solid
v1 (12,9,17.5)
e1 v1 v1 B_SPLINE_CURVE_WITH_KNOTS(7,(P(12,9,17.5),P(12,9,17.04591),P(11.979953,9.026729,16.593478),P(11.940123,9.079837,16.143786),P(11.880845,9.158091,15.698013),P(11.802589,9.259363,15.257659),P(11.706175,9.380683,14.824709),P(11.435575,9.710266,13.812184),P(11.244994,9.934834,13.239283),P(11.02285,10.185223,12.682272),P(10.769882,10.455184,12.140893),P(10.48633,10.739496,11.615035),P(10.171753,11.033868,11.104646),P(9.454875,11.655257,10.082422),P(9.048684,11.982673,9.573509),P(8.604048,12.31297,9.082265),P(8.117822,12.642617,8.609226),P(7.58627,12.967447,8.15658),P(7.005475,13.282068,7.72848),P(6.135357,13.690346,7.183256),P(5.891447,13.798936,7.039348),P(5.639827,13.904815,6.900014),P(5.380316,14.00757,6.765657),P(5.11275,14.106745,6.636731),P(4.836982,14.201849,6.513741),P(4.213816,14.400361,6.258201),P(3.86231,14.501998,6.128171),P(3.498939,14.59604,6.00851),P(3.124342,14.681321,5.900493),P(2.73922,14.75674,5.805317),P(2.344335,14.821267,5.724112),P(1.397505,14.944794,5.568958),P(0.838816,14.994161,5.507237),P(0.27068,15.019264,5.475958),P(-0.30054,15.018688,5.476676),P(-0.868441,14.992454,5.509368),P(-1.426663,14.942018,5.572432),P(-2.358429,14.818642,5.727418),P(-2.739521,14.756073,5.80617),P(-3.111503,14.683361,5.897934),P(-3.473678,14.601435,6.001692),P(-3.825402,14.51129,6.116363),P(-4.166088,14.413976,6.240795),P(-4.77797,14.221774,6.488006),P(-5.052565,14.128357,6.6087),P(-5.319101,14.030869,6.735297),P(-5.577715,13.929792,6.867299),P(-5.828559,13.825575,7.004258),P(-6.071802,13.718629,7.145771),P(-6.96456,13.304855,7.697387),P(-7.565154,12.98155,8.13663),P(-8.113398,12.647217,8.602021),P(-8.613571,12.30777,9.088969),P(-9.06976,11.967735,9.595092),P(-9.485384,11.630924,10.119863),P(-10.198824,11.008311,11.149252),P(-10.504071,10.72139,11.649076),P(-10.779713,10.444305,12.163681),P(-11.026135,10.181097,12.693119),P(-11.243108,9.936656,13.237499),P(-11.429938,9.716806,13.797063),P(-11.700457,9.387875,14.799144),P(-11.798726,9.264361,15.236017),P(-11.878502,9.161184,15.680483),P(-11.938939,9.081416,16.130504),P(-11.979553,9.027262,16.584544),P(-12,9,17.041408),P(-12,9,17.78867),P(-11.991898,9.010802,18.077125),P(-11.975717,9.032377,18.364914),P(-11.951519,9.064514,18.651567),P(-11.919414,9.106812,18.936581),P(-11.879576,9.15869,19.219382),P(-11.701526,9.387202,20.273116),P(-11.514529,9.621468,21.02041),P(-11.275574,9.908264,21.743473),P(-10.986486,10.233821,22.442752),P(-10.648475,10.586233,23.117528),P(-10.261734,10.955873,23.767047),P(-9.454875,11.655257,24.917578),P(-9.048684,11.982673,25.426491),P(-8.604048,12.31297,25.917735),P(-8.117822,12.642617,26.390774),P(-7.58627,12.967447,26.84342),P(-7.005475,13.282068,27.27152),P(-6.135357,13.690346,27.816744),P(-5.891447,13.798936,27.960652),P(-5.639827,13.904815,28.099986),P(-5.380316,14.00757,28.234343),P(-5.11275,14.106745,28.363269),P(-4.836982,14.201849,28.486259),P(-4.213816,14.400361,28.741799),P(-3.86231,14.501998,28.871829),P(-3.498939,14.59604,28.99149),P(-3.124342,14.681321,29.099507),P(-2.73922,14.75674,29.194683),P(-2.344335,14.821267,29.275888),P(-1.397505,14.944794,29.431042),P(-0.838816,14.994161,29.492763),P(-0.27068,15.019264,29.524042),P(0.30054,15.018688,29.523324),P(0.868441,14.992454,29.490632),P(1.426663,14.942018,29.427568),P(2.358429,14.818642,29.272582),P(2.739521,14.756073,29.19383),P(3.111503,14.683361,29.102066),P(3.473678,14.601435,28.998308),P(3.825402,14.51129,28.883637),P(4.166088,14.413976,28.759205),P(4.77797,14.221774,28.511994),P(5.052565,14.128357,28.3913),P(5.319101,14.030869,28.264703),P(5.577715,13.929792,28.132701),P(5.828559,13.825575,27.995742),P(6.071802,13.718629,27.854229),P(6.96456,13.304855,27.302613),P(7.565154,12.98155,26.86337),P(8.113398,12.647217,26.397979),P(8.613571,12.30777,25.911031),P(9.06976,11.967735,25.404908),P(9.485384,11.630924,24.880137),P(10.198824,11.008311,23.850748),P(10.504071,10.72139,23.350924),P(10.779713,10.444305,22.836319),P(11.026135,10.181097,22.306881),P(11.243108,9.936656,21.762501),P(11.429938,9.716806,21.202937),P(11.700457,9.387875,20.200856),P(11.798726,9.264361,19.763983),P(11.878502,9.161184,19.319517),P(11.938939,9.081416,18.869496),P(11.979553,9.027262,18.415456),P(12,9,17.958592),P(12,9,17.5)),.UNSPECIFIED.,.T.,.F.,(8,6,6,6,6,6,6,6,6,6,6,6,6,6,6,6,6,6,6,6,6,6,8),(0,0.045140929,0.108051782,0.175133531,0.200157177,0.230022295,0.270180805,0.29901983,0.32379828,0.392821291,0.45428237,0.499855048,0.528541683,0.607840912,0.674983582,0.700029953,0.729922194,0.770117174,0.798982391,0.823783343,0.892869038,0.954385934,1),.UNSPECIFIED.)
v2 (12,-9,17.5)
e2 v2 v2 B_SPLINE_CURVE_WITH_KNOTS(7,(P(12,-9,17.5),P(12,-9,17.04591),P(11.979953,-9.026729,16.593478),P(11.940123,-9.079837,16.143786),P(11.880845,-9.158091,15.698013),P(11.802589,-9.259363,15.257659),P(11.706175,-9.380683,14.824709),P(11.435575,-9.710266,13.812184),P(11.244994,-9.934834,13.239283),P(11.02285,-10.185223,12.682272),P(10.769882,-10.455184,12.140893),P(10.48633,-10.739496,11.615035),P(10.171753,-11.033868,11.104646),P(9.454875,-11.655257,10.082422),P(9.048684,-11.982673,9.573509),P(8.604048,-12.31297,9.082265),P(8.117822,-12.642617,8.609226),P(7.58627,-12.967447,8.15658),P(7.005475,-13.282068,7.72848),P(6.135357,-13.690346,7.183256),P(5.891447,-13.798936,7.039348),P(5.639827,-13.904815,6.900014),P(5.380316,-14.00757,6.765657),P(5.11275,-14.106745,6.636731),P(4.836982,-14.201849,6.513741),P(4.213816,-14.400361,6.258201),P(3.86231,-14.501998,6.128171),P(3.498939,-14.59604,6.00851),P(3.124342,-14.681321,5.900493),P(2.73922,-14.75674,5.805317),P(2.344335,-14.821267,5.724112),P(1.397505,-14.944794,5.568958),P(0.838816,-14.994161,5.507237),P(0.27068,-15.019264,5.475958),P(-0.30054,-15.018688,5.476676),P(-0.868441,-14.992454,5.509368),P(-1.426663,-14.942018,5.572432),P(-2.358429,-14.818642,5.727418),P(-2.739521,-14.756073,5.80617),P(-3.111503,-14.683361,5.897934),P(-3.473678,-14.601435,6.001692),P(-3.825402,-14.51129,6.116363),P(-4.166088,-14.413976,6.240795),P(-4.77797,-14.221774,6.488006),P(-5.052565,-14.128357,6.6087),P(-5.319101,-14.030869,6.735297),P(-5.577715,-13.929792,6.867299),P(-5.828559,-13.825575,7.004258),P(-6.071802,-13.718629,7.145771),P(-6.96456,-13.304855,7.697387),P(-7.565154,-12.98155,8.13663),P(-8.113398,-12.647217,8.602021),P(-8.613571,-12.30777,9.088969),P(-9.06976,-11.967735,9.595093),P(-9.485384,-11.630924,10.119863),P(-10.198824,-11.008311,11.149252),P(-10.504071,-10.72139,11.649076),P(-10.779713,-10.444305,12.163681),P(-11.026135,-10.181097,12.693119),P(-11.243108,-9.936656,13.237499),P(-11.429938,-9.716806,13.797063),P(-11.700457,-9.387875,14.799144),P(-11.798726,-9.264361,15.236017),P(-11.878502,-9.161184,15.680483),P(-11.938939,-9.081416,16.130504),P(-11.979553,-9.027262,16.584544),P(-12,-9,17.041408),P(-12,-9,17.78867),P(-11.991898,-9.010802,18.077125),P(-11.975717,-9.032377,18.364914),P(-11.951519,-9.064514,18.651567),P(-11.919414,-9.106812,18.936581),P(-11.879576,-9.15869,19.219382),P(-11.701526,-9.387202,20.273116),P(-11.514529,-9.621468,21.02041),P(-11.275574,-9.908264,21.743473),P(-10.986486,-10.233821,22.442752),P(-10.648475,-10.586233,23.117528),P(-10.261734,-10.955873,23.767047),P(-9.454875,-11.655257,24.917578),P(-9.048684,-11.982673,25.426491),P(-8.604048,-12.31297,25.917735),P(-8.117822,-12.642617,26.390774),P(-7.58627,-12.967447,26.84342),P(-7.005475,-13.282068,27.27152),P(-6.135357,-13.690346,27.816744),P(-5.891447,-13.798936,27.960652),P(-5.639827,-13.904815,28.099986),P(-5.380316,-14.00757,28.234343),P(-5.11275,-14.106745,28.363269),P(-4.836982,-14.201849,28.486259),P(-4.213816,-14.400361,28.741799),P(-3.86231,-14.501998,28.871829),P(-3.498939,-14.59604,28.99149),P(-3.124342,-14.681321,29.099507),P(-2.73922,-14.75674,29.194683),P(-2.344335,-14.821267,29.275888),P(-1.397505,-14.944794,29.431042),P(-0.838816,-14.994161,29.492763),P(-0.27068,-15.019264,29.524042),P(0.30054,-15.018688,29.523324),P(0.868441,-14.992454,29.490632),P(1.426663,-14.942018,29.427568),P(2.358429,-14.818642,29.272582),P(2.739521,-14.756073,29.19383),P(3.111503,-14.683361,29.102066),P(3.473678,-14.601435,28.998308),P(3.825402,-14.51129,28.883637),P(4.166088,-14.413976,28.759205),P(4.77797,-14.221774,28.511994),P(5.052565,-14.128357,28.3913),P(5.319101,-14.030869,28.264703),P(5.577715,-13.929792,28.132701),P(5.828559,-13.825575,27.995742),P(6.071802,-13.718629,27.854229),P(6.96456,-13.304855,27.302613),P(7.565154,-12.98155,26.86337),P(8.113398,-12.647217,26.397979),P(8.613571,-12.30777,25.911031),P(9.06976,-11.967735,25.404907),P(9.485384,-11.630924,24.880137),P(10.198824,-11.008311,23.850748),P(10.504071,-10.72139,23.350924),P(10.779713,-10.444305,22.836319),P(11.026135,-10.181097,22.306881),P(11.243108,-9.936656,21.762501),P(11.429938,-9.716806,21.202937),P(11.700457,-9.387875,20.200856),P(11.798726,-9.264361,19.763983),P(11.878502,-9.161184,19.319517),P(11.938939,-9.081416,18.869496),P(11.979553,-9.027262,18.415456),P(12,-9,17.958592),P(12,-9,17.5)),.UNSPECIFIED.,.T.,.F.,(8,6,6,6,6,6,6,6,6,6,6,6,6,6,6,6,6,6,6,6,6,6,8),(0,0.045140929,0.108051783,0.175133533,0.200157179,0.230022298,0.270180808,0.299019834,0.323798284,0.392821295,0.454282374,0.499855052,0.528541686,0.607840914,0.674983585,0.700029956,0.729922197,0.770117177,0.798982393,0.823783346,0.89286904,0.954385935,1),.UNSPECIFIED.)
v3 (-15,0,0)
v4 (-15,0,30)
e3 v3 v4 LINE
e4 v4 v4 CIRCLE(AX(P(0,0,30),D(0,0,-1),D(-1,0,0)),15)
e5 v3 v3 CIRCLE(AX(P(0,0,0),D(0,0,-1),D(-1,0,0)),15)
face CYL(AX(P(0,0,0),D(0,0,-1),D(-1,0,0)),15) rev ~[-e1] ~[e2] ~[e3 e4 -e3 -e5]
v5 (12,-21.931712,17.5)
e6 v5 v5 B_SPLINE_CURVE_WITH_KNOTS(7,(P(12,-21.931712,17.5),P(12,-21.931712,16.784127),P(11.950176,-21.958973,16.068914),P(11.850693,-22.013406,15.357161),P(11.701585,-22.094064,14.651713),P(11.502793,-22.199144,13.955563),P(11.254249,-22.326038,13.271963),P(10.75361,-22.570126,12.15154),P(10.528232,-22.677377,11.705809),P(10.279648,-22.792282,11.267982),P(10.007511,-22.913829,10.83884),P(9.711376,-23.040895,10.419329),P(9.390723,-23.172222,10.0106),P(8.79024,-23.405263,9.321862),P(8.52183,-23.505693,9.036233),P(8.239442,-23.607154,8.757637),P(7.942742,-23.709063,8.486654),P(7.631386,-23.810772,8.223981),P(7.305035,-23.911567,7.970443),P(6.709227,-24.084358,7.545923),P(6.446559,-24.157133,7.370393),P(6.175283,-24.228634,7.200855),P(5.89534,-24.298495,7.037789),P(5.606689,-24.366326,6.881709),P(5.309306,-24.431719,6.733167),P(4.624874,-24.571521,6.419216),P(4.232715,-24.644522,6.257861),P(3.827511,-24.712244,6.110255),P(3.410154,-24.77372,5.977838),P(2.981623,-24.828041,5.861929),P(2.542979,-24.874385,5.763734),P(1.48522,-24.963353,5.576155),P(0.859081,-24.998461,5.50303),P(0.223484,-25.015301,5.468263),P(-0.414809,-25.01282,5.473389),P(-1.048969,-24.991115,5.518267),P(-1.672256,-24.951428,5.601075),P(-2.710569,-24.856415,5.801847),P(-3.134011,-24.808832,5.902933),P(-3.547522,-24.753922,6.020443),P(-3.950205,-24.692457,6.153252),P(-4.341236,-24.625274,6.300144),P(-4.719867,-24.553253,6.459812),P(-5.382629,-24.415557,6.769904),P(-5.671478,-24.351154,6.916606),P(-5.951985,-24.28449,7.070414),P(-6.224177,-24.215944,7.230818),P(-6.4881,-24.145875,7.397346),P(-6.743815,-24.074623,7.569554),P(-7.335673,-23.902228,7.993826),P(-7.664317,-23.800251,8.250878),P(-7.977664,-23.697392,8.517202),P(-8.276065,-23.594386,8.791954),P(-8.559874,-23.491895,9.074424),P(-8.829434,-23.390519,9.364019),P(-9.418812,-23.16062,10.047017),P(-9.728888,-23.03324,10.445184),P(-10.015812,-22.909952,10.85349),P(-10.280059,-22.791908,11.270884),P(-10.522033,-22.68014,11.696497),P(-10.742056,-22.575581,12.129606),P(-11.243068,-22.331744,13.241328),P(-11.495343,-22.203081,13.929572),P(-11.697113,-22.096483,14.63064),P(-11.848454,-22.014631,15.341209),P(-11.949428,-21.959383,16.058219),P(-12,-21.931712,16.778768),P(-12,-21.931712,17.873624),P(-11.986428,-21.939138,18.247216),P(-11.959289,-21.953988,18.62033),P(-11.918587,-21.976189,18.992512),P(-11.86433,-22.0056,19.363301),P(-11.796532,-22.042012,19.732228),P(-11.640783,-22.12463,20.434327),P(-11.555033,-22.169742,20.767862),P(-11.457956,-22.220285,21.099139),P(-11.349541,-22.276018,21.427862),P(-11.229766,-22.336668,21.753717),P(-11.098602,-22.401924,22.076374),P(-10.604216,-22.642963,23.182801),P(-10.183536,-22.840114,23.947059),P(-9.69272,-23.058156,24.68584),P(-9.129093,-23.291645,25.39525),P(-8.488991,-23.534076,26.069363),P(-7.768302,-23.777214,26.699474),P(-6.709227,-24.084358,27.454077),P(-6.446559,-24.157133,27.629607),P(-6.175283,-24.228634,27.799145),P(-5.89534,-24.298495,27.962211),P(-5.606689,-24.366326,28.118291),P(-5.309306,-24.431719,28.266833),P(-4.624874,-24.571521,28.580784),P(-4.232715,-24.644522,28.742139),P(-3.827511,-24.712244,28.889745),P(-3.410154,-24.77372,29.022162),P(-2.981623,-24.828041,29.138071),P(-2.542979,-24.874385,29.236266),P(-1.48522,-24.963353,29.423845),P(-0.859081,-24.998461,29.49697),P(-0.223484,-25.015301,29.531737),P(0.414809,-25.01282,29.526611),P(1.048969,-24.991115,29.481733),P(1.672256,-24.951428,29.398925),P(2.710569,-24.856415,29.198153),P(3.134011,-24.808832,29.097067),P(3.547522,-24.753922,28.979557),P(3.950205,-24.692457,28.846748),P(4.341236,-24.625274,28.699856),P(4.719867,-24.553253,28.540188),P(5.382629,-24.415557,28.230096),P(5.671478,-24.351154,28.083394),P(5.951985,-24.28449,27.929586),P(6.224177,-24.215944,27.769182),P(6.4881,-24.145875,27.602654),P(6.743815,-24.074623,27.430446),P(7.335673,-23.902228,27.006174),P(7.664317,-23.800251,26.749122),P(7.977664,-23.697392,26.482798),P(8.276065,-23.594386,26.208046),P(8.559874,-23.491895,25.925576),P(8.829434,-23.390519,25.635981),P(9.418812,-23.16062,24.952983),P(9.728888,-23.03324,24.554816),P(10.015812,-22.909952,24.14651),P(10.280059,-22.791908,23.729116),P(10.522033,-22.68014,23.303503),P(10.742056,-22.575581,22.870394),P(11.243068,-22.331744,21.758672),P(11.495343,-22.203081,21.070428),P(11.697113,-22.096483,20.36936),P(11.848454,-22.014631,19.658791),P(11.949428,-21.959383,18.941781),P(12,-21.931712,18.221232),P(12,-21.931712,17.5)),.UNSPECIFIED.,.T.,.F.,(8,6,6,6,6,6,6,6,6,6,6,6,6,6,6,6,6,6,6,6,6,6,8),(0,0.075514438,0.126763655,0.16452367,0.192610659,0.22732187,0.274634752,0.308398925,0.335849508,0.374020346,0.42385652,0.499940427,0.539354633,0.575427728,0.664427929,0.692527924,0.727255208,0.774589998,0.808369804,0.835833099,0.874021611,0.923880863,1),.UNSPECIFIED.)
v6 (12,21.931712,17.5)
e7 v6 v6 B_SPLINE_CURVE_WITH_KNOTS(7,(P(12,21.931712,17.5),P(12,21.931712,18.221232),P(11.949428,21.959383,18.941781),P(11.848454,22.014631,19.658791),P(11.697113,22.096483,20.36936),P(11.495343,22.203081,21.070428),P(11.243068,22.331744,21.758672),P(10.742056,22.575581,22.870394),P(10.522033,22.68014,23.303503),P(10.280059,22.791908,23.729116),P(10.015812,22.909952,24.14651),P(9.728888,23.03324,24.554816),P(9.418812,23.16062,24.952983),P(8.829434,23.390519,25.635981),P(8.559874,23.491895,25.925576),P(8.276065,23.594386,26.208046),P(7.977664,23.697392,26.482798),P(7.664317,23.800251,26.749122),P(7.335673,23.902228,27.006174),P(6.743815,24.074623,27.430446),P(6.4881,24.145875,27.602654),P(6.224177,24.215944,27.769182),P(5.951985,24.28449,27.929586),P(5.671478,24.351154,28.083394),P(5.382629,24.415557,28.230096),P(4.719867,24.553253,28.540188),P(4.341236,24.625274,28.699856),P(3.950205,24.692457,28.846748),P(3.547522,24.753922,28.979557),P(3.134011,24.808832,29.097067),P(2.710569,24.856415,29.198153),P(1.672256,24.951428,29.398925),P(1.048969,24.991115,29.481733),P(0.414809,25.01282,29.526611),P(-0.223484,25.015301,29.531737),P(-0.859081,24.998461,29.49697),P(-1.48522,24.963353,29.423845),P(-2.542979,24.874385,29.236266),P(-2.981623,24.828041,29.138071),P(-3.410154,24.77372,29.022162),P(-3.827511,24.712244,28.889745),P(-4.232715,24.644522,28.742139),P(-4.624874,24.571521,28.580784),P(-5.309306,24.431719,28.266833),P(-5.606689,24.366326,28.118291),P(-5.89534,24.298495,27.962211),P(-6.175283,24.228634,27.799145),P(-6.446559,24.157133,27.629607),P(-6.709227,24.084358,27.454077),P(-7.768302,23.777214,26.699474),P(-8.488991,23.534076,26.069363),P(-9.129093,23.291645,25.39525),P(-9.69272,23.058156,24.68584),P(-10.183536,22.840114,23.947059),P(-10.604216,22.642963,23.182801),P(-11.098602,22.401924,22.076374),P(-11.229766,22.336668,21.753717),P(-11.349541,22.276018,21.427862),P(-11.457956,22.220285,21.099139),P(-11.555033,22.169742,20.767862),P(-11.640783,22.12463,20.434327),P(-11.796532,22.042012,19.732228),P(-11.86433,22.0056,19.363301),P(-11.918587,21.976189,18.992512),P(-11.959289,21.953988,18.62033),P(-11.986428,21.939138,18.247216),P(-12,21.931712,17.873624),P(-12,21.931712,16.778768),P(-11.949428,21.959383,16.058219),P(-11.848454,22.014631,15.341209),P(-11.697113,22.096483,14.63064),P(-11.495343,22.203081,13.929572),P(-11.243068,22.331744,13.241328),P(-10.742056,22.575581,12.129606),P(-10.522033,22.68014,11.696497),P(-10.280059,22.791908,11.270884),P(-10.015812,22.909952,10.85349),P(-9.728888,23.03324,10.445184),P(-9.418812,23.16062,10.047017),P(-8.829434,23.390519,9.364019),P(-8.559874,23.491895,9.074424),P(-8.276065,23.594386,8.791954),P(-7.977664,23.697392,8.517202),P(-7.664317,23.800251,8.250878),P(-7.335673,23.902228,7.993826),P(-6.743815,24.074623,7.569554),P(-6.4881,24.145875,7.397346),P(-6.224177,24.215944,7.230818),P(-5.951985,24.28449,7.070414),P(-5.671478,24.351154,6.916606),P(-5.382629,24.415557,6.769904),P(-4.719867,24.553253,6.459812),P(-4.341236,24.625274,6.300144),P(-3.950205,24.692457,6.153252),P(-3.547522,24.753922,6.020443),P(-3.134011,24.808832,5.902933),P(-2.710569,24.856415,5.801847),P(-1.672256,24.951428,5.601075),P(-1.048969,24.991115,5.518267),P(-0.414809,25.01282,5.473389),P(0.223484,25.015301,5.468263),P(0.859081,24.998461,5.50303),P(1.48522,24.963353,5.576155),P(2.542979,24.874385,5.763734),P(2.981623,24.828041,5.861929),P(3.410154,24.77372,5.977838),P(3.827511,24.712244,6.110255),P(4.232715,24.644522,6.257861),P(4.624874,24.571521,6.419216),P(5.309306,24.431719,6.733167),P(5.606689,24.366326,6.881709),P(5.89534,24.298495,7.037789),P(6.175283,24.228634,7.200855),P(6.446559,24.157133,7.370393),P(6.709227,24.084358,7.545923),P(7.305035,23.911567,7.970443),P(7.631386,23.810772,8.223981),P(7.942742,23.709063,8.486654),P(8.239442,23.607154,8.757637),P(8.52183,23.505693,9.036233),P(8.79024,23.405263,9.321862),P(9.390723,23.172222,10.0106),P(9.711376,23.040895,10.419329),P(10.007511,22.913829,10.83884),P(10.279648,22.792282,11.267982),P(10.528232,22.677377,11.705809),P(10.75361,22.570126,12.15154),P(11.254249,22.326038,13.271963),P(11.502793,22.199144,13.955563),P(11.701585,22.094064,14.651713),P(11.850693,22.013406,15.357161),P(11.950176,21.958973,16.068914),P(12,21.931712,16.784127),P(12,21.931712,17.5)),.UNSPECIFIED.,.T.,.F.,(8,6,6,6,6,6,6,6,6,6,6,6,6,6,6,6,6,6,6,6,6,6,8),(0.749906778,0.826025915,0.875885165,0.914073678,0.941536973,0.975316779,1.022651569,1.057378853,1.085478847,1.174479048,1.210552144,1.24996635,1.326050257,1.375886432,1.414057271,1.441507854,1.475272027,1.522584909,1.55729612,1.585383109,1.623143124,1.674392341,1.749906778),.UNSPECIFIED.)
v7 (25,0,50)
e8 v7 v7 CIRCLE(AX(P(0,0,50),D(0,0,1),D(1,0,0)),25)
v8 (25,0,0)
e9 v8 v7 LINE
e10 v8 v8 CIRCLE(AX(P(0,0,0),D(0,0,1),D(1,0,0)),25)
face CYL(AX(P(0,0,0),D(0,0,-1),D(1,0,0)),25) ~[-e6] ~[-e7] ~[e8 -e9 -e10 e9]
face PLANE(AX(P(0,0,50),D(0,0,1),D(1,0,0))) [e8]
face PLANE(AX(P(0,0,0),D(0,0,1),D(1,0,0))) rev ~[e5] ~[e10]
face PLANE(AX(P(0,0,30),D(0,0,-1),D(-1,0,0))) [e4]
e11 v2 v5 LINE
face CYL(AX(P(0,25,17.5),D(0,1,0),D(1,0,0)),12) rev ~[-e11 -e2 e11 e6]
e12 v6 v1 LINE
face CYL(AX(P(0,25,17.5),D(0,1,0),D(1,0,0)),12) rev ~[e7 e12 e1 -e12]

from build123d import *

# Parameters (mm, degrees)
SKETCH1_R           = 25
BOSS_EXTRUDE1_DEPTH = 50
SKETCH2_R           = 15
CUT_EXTRUDE1_DEPTH  = 30
SKETCH3_R           = 12
CUT_EXTRUDE2_DEPTH  = 51


with BuildPart() as part:
    # Sketch1 → Boss-Extrude1 (new body)
    with BuildSketch(Plane.XY):
        Circle(SKETCH1_R)
    extrude(amount=BOSS_EXTRUDE1_DEPTH)

    # Sketch2 → Cut-Extrude1 (cut)
    with BuildSketch(Plane(origin=(0, 0, 0), x_dir=(-1, 0, 0), z_dir=(0, 0, -1))):
        Circle(SKETCH2_R)
    extrude(amount=-CUT_EXTRUDE1_DEPTH, mode=Mode.SUBTRACT)

    # Sketch3 → Cut-Extrude2 (cut, through all)
    with BuildSketch(Plane(origin=(0, 25, 0), x_dir=(1, 0, 0), z_dir=(0, 1, 0))):
        with Locations((0, -17.5)):
            Circle(SKETCH3_R)
    extrude(amount=-CUT_EXTRUDE2_DEPTH, mode=Mode.SUBTRACT)


solid = part.part
